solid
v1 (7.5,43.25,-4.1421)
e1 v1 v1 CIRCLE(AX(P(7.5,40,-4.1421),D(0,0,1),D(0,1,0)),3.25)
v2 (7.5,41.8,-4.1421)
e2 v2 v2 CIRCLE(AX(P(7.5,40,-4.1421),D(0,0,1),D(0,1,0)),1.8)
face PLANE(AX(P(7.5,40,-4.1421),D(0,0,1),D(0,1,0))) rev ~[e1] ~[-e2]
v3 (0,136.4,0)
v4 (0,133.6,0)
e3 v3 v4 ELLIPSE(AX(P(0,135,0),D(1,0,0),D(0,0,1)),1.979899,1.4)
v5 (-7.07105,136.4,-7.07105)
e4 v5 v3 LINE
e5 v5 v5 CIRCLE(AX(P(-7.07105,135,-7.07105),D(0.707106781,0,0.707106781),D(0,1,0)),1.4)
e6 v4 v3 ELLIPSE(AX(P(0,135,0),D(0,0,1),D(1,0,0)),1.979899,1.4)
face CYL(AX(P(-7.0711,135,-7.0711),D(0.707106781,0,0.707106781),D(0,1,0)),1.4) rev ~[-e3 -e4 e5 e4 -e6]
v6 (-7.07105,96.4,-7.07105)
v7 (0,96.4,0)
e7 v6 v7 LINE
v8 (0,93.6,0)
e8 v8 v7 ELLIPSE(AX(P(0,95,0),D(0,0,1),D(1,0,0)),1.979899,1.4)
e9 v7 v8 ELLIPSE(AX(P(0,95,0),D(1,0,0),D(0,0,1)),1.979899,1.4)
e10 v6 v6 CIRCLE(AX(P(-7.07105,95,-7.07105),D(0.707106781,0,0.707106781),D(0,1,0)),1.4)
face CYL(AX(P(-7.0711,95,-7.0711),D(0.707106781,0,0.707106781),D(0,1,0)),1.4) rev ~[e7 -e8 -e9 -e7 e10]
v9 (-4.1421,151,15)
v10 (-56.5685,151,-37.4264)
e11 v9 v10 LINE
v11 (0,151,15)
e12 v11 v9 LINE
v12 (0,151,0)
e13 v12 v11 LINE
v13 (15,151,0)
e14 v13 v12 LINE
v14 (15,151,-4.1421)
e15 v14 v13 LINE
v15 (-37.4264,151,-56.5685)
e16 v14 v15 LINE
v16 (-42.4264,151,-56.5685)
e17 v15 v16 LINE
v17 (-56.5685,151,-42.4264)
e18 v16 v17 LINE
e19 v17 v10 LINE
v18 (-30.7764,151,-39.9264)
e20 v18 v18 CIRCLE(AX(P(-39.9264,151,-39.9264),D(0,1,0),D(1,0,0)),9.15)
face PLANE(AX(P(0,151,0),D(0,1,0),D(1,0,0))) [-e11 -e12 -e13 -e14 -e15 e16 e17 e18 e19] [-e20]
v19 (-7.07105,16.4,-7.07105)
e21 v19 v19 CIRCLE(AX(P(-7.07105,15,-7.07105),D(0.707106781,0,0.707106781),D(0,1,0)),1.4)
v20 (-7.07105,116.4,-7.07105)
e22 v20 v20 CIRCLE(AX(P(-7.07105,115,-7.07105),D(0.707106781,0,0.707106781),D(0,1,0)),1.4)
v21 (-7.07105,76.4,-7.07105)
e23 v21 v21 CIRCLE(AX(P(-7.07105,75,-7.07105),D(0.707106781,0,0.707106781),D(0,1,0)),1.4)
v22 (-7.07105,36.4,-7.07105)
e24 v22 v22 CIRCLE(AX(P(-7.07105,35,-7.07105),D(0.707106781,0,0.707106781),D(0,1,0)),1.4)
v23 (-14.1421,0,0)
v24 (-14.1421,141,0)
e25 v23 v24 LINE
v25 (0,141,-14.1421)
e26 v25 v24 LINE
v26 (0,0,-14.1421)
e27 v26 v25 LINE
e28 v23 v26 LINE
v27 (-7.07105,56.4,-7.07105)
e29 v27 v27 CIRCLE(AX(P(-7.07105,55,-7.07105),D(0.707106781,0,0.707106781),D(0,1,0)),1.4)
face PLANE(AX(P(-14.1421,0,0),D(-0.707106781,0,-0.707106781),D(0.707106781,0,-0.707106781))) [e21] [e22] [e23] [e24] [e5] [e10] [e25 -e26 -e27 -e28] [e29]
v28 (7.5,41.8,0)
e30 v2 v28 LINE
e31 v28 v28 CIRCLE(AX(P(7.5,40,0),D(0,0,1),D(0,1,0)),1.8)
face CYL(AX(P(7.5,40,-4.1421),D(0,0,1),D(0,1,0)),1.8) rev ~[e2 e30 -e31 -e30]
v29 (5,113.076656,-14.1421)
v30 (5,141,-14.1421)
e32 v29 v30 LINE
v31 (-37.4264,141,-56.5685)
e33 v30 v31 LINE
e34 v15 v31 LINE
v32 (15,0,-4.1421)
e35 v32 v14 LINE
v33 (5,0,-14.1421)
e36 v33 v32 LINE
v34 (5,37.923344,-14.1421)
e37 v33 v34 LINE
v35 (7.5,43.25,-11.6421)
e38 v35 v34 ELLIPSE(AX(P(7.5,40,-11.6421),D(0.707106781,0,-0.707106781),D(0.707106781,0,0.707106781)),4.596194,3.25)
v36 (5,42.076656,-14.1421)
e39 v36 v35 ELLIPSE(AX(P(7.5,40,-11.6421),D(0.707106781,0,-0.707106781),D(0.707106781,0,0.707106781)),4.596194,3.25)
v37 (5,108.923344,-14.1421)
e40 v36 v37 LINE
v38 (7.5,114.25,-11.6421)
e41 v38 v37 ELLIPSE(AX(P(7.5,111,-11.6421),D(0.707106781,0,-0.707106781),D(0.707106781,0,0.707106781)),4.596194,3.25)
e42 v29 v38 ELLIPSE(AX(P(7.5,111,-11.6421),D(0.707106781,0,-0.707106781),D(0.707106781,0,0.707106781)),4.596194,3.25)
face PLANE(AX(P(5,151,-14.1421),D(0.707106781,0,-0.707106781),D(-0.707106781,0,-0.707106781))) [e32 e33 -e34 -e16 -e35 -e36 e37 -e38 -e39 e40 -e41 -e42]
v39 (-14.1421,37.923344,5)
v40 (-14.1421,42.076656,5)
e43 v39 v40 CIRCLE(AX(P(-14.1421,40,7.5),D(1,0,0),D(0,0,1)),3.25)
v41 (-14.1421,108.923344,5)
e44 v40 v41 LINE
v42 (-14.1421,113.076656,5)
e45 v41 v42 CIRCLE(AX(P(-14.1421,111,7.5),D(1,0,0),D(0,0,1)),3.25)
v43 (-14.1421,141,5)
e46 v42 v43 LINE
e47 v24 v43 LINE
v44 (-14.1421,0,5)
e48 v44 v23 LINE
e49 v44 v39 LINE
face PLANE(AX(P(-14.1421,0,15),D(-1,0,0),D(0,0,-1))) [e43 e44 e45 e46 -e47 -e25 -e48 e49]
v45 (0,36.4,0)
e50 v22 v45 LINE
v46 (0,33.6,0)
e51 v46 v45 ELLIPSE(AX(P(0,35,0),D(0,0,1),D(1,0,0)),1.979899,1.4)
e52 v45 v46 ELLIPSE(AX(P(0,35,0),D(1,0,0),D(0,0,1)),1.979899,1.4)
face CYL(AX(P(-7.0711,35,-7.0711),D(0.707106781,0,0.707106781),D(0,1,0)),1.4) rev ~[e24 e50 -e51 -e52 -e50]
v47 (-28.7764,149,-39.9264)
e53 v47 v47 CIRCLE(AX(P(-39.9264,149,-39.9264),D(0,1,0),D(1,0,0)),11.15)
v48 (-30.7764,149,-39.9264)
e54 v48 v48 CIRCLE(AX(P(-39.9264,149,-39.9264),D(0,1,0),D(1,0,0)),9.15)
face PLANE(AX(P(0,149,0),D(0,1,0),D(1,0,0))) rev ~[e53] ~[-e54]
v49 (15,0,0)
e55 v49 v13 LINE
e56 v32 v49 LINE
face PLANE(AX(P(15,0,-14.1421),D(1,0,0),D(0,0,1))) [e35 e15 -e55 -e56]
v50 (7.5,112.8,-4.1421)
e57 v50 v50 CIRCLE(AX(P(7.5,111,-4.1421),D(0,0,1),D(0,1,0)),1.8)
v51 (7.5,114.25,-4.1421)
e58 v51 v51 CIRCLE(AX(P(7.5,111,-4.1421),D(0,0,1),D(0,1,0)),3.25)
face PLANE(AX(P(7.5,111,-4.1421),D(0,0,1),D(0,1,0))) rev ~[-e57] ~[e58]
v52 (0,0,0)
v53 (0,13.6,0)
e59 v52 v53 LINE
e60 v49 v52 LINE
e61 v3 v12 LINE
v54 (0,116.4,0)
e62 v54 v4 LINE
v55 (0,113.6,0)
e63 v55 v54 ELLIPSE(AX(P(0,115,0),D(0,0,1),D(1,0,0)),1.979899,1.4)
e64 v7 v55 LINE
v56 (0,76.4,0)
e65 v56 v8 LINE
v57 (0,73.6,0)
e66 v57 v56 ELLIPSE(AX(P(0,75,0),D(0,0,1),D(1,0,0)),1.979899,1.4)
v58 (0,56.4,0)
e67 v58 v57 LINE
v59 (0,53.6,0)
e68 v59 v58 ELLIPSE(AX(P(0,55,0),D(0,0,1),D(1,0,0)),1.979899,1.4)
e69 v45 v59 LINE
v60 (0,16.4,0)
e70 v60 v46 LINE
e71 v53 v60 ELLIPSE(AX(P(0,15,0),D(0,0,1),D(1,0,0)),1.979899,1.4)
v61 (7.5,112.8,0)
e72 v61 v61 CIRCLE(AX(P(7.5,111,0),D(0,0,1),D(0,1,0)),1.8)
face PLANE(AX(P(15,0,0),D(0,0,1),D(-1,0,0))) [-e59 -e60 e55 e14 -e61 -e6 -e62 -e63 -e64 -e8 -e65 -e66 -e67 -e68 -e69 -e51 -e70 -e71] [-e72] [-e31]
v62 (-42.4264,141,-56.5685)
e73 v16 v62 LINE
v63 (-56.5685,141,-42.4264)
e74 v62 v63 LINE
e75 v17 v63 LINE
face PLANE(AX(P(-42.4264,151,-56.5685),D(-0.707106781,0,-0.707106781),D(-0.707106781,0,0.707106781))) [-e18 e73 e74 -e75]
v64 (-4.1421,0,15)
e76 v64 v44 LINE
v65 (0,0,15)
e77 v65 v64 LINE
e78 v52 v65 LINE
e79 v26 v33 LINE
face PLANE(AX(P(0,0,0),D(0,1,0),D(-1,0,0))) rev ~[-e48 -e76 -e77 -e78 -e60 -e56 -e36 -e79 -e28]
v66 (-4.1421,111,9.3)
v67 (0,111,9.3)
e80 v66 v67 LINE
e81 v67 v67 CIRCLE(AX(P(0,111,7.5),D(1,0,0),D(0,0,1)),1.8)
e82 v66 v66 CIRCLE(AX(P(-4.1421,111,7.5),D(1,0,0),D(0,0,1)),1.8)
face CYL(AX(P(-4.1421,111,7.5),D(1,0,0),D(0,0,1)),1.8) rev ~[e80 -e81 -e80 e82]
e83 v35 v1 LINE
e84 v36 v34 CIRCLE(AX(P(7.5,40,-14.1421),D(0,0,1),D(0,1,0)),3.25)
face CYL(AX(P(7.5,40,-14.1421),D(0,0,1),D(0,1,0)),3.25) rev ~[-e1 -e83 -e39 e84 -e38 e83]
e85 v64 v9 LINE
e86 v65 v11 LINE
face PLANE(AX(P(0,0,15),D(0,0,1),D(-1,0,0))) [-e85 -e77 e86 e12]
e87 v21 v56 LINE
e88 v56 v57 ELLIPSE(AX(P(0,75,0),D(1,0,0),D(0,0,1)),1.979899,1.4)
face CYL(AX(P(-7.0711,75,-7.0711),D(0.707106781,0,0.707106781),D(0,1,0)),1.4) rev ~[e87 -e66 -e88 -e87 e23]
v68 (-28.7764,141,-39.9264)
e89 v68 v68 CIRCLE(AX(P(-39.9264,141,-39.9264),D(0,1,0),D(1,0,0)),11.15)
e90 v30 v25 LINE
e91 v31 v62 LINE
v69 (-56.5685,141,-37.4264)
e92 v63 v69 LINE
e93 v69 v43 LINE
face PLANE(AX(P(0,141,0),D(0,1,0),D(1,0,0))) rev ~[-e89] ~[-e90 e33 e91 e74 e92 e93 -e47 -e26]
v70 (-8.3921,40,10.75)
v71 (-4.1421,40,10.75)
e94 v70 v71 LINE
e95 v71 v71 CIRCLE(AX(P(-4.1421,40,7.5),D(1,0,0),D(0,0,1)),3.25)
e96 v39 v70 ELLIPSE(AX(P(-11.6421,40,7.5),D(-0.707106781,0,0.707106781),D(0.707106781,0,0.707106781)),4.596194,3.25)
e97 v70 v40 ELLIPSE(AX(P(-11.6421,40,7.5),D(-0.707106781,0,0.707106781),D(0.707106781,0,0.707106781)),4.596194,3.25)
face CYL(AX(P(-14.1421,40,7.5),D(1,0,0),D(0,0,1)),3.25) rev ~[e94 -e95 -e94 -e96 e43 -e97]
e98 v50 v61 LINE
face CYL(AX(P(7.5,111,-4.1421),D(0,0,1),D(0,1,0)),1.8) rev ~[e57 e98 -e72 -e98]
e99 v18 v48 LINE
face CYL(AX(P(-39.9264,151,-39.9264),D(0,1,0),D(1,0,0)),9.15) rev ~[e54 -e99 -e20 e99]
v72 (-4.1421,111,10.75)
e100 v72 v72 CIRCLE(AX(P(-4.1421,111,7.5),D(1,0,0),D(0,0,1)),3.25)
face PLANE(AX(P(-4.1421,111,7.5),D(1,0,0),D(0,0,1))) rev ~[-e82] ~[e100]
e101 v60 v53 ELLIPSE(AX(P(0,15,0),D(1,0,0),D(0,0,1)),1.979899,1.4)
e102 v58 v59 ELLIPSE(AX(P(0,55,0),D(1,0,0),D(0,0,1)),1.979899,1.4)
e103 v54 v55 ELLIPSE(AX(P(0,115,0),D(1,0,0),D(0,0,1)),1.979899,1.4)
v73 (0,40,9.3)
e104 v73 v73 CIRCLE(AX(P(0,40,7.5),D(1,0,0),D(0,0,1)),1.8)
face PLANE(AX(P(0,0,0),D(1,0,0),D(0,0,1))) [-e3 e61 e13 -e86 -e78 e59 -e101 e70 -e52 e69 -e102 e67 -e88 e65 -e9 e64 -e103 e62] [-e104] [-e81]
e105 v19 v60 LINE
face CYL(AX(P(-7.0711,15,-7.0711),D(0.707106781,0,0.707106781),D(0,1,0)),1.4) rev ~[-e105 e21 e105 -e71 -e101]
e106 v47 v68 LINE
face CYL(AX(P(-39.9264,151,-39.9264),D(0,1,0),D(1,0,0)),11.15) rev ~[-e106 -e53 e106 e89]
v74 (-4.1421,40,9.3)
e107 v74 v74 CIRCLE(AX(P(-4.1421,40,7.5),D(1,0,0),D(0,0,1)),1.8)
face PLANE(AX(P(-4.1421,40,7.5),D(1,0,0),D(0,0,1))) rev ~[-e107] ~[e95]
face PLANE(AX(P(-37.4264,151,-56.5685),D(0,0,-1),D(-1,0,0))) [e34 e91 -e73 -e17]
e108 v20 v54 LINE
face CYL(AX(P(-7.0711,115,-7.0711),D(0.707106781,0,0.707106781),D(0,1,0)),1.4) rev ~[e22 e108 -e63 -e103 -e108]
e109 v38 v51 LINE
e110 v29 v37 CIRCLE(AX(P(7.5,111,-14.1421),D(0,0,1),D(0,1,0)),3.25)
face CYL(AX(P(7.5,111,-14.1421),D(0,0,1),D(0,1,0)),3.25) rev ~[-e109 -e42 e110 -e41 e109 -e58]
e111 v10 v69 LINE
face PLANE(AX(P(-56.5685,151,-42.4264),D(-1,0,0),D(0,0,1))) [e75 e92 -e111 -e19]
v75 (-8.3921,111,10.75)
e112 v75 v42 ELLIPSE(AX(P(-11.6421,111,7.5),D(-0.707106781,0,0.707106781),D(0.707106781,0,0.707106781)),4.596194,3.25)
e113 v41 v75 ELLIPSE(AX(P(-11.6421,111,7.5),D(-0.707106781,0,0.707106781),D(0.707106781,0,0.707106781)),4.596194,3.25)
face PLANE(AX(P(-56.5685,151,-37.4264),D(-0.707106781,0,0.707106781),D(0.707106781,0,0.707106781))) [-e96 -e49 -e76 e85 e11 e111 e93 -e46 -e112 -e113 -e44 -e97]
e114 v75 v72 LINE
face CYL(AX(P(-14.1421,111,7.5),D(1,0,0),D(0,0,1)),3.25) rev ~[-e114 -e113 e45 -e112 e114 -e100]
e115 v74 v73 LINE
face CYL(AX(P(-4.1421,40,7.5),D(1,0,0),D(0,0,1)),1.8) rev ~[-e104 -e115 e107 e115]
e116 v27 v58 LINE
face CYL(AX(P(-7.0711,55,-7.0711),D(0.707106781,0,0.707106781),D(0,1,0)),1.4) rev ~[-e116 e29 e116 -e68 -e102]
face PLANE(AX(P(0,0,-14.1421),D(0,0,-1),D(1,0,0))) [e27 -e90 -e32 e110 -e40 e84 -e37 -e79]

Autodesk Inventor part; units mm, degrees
ref_plane "YZ Plane" through (0, 0, 0) normal (1, 0, 0) x (0, 1, 0)
ref_plane "XZ Plane" through (0, 0, 0) normal (0, 1, 0) x (-1, 0, 0)
ref_plane "XY Plane" through (0, 0, 0) normal (0, 0, 1) x (1, 0, 0)
sketch "Sketch1" plane through (0, 0, 0) normal (0, 1, 0) x (-1, 0, 0)
  line L0 (0, 0) -> (0, 15)
  line L1 (0, 15) -> (14.1421, 15)
  line L2 (14.1421, 15) -> (14.1421, 0)
  line L3 (14.1421, 0) -> (0, -14.1421)
  line L4 (0, -14.1421) -> (-15, -14.1421)
  line L5 (-15, -14.1421) -> (-15, 0)
  line L6 (-15, 0) -> (0, 0)
  dimension "d0" = 15
  dimension "d1" = 10
extrude "Extrusion1" add sketch "Sketch1" along normal blind 151
chamfer "Chamfer1" distance 10 angle 45 2 edges at (-14.1421, 75.5, 15) (15, 75.5, -14.1421)
sketch "Sketch2" plane through (0, 151, 0) normal (0, 1, 0) x (1, 0, 0)
  line L0 (5, 14.1421) -> (15, 4.1421) projected
  line L1 (5, 14.1421) -> (0, 14.1421) projected
  line L2 (0, 14.1421) -> (-14.1421, 0) projected
  line L3 (-14.1421, 0) -> (-14.1421, -5) projected
  line L4 (-4.1421, -15) -> (-14.1421, -5) projected
  line L5 (-4.1421, -15) -> (0, -15) projected
  line L6 (0, -15) -> (0, 0) projected
  line L7 (0, 0) -> (15, 0) projected
  line L8 (15, 0) -> (15, 4.1421) projected
  circle A0 centre (-39.9264, 39.9264) radius 11.15
  line L9 (5, 14.1421) -> (-37.4264, 56.5685)
  line L10 (-37.4264, 56.5685) -> (-42.4264, 56.5685)
  line L11 (-42.4264, 56.5685) -> (-56.5685, 42.4264)
  line L12 (-56.5685, 42.4264) -> (-56.5685, 37.4264)
  line L13 (-56.5685, 37.4264) -> (-14.1421, -5)
  line L14 (-4.1421, -15) -> (-14.1421, -5) projected
  line L15 (5, 14.1421) -> (15, 4.1421) projected
  line L16 (-14.1421, 0) -> (-14.1421, -5) projected
  dimension "d7" = 22.3
  dimension "d8" = 60
  dimension "d9" = 27.0711
  dimension "d10" = 13.5355
  dimension "d11" = 13.5355
extrude "Extrusion2" add sketch "Sketch2" against normal blind 10 contours L1 L2 L3 L13 L12 L11 L10 L9
sketch "Sketch3" plane through (0, 151, 0) normal (0, 1, 0) x (1, 0, 0)
  circle A0 centre (-39.9264, 39.9264) radius 11.15 projected
  circle A1 centre (-39.9264, 39.9264) radius 9.15
  point P0 (0, 0)
  dimension "d14" = 2
extrude "Extrusion3" add sketch "Sketch3" against normal blind 2
sketch "Sketch4" plane through (-14.1421, 0, 0) normal (-1, 0, 0) x (0, 0, 1)
  line L0 (5, 141) -> (0, 141) projected
  line L1 (0, 0) -> (0, 141) projected
  line L2 (0, 0) -> (5, 0) projected
  line L3 (5, 141) -> (5, 0) projected
  line L4 (-37.4264, 151) -> (15, 151) projected
  line L5 (-37.4264, 151) -> (-37.4264, 141) projected
  line L6 (5, 141) -> (-37.4264, 141) projected
  line L7 (5, 141) -> (5, 0) projected
  line L8 (5, 0) -> (15, 0) projected
  line L9 (15, 0) -> (15, 151) projected
  point P0 (0, 0)
  point P1 (7.5, 40)
  point P2 (7.5, 111)
  dimension "d17" = 7.5
  dimension "d18" = 40
  dimension "d19" = 40
hole "Hole1" at (-14.1421, 40, 7.5) at (-14.1421, 111, 7.5) direction (1, 0, 0) diameter 3.6 end through all counterbore diameter 6.5 counterbore depth 10 clearance for "Hex Head Cap Screw ISO 24017" size "M3" standard "ISO"
sketch "Sketch5" plane through (5, 0, -14.1421) normal (0, 0, -1) x (-1, 0, 0)
  line L0 (5, 141) -> (0, 141) projected
  line L1 (0, 0) -> (0, 141) projected
  line L2 (0, 0) -> (5, 0) projected
  line L3 (5, 0) -> (5, 141) projected
  line L4 (-10, 151) -> (42.4264, 151) projected
  line L5 (-10, 151) -> (-10, 0) projected
  line L6 (-10, 0) -> (0, 0) projected
  line L7 (0, 0) -> (0, 141) projected
  line L8 (42.4264, 141) -> (0, 141) projected
  line L9 (42.4264, 151) -> (42.4264, 141) projected
  point P0 (-2.5, 40)
  point P1 (-2.5, 111)
  dimension "d27" = 7.5
  dimension "d28" = 40
  dimension "d29" = 40
hole "Hole2" at (7.5, 40, -14.1421) at (7.5, 111, -14.1421) direction (0, 0, 1) diameter 3.6 end through all counterbore diameter 6.5 counterbore depth 10 clearance for "Hex Head Cap Screw ISO 24017" size "M3" standard "ISO"
sketch "Sketch6" plane through (0, 0, -14.1421) normal (-0.7071, 0, -0.7071) x (-0.7071, 0, 0.7071)
  circle A0 centre (10, -125) radius 3 projected
  circle A1 centre (10, -85) radius 3 projected
  circle A2 centre (10, -45) radius 3 projected
  circle A3 centre (10, -5) radius 3 projected
  circle A4 centre (10, 35) radius 3 projected
  circle A5 centre (10, 75) radius 3 projected
  circle A6 centre (10, 115) radius 3 projected
  circle A7 centre (10, 135) radius 3 projected
  circle A8 centre (10, 95) radius 3 projected
  circle A9 centre (10, 55) radius 3 projected
  circle A10 centre (10, 15) radius 3 projected
  circle A11 centre (10, -25) radius 3 projected
  circle A12 centre (10, -65) radius 3 projected
  circle A13 centre (10, -105) radius 3 projected
  circle A14 centre (10, -145) radius 3 projected
  line L0 (14.5, 140) -> (5.5, 140) projected
  line L1 (5.5, 140) -> (5.5, -210) projected
  line L2 (14.5, -210) -> (5.5, -210) projected
  line L3 (14.5, 140) -> (14.5, -210) projected
  circle A15 centre (10, -205) radius 3 projected
  circle A16 centre (10, -165) radius 3 projected
  circle A17 centre (10, -185) radius 3 projected
  point P0 (10, 0)
hole "Hole3" at (-7.0711, 15, -7.0711) at (-7.0711, 35, -7.0711) at (-7.0711, 55, -7.0711) at (-7.0711, 75, -7.0711) at (-7.0711, 95, -7.0711) at (-7.0711, 115, -7.0711) at (-7.0711, 135, -7.0711) direction (0.7071, 0, 0.7071) diameter 2.8 end through all
equation "\"d10\" = 0.5 * d9"
equation "\"d11\" = d10"
equation "\"d19\" = d18"
equation "\"d29\" = d28"
properties part number "Corner Z Brace w Bearing" material "ABS Plastic"
